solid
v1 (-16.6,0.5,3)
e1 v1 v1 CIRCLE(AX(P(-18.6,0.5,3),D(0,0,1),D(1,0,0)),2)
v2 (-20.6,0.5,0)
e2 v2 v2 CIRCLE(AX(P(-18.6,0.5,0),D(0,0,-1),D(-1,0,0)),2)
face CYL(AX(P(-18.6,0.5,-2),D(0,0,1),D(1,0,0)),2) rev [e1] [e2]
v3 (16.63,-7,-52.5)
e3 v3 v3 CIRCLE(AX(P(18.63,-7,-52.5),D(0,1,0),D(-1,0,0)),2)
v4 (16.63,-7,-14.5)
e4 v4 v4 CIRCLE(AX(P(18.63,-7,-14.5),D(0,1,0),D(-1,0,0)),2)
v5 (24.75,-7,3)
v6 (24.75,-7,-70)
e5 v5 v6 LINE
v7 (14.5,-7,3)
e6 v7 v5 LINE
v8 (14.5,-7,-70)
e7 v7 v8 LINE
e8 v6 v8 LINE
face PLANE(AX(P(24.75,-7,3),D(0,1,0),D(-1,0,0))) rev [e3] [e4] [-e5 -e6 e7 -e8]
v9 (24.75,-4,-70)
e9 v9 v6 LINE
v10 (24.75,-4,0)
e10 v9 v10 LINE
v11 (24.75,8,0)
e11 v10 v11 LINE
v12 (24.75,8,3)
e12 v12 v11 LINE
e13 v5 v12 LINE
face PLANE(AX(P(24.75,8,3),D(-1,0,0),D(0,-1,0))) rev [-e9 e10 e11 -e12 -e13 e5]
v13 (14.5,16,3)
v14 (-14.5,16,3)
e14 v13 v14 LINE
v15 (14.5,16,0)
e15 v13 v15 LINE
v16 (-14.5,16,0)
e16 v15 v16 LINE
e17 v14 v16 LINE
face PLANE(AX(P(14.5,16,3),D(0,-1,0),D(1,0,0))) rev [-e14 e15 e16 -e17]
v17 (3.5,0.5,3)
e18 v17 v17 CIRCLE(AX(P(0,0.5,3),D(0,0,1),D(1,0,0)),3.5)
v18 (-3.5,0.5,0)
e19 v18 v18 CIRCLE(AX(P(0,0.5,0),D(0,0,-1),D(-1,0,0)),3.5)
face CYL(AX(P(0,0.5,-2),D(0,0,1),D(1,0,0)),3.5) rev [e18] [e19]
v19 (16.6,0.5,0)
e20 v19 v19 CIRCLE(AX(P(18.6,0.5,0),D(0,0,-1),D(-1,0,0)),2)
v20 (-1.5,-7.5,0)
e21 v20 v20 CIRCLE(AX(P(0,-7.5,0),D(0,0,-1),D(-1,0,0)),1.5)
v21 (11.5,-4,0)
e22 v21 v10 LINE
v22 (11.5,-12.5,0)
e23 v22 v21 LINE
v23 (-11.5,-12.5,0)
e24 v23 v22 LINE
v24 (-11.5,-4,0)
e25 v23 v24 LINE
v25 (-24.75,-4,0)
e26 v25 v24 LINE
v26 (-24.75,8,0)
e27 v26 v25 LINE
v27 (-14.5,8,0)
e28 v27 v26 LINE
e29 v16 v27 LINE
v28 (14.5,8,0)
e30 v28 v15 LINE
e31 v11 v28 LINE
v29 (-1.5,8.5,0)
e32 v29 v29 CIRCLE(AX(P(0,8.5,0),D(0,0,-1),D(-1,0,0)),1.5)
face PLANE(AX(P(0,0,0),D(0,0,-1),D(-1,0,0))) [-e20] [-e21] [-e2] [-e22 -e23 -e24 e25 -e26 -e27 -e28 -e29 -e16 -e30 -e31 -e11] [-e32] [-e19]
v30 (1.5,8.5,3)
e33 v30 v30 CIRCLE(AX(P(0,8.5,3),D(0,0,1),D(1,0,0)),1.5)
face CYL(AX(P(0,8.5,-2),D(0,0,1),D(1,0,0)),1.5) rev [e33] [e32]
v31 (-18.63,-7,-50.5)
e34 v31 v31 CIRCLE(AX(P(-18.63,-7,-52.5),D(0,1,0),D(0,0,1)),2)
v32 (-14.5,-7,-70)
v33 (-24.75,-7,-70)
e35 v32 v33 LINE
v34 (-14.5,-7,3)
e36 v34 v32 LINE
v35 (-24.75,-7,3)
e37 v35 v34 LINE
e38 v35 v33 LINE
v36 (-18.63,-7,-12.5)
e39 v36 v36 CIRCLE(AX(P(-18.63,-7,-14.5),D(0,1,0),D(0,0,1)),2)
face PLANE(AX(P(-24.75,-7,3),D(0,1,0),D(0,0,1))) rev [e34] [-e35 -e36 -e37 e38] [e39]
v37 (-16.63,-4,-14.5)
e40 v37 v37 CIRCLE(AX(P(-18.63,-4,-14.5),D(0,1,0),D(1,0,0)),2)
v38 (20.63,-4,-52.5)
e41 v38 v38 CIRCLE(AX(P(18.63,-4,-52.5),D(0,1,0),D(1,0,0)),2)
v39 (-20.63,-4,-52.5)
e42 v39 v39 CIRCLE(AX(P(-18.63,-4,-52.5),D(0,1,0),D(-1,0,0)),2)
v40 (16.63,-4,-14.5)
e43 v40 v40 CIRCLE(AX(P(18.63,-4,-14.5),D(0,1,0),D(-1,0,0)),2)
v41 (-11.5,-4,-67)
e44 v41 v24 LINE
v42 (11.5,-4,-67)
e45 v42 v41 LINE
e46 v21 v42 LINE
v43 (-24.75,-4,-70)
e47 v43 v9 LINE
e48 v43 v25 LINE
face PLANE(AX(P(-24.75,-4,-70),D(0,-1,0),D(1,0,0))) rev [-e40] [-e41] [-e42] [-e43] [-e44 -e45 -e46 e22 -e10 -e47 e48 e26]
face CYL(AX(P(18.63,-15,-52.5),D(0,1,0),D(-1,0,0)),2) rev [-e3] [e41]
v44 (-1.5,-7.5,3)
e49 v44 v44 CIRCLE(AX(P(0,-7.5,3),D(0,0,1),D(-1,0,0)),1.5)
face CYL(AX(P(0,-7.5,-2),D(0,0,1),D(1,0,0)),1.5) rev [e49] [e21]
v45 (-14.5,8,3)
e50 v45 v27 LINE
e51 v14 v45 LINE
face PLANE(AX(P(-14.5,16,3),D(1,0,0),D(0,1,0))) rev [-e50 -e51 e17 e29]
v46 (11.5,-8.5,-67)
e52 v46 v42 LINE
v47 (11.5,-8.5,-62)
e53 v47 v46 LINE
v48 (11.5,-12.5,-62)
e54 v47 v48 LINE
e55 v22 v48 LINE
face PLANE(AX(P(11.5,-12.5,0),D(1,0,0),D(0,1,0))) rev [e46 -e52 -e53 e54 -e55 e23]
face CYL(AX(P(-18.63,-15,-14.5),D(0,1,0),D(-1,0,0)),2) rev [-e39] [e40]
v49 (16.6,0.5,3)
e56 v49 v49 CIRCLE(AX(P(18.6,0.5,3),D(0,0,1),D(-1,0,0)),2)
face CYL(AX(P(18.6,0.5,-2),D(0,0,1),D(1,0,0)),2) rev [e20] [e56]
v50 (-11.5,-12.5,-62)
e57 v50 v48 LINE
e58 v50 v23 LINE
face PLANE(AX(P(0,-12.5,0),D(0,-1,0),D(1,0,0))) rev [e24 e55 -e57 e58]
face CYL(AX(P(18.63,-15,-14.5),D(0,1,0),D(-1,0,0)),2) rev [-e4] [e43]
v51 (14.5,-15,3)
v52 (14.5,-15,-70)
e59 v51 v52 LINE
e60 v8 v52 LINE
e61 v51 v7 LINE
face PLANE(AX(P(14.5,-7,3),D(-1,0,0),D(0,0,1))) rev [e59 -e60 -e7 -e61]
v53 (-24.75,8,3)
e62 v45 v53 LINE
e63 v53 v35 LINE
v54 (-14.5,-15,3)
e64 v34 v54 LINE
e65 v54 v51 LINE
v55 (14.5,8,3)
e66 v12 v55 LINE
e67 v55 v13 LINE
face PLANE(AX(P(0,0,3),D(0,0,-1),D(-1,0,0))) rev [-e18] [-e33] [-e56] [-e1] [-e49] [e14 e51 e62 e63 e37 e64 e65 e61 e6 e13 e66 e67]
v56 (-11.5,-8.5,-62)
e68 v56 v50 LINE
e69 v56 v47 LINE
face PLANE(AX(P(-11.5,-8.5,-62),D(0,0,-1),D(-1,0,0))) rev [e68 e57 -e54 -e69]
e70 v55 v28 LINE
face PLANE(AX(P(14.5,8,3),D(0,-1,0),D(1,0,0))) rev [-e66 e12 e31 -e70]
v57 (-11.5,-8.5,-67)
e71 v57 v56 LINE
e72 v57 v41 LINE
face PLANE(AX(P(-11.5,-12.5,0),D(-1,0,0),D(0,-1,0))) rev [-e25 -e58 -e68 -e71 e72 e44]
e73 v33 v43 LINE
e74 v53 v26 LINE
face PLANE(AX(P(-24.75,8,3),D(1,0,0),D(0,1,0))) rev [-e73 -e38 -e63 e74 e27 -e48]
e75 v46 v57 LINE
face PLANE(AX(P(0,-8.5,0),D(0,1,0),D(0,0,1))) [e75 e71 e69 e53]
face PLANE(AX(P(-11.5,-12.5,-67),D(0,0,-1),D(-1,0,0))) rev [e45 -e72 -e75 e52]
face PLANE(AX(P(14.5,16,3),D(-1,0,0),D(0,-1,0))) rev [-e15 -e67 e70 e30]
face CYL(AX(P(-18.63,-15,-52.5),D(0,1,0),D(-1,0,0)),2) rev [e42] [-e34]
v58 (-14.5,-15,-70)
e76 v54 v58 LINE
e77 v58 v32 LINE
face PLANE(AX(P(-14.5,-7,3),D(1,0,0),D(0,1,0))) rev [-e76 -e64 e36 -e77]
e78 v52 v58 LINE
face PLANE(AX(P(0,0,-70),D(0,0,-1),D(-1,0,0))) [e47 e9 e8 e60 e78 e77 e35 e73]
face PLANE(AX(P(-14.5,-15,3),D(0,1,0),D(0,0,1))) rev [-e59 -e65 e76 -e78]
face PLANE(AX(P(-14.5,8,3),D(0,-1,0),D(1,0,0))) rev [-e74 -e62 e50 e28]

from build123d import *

# Parameters (mm, degrees)
SALIENTE_EXTRUIR2_DEPTH = 3
SALIENTE_EXTRUIR3_DEPTH = 70
CROQUIS_HUECO_MOTOR_W   = 23
CROQUIS_HUECO_MOTOR_H   = 67
HUECO_MOTOR_DEPTH       = 8.5
CROQUIS10_R             = 3.5
CROQUIS10_R_2           = 2
CROQUIS10_R_3           = 1.5
TORNILLO_Y_MOTOR_DEPTH  = 5
CROQUIS12_W             = 23
CROQUIS12_H             = 5
SALIENTE_EXTRUIR5_DEPTH = 4
CROQUIS16_R             = 2
CORTAR_EXTRUIR4_DEPTH   = 77.893188905


with BuildPart() as part:
    # Croquis4 → Saliente-Extruir2 (new body)
    with BuildSketch(Plane.XY):
        Polygon((14.5, 16), (-14.5, 16), (-14.5, 8), (-24.75, 8), (-24.75, -7), (-14.5, -7), (-14.5, -15), (14.5, -15), (14.5, -7), (24.75, -7), (24.75, 8), (14.5, 8), align=None)
    extrude(amount=SALIENTE_EXTRUIR2_DEPTH)

    # Croquis5 → Saliente-Extruir3 (add)
    with BuildSketch(Plane(origin=(0, 0, 0), x_dir=(-1, 0, 0), z_dir=(0, 0, -1))):
        Polygon((-24.75, -4), (-24.75, -7), (-14.5, -7), (-14.5, -15), (14.5, -15), (14.5, -7), (24.75, -7), (24.75, -4), align=None)
    extrude(amount=SALIENTE_EXTRUIR3_DEPTH)

    # croquis hueco motor → hueco motor (cut)
    with BuildSketch(Plane(origin=(0, -4, 0), x_dir=(1, 0, 0), z_dir=(0, 1, 0))):
        with Locations((0, 33.5)):
            Rectangle(CROQUIS_HUECO_MOTOR_W, CROQUIS_HUECO_MOTOR_H)
    extrude(amount=-HUECO_MOTOR_DEPTH, mode=Mode.SUBTRACT)

    # Croquis10 → tornillo y motor (cut)
    with BuildSketch(Plane.XY.offset(3)):
        with Locations((0, 0.5)):
            Circle(CROQUIS10_R)
        with Locations((-18.6, 0.5)):
            Circle(CROQUIS10_R_2)
        with Locations(Location((18.6, 0.5, 0), (0, 0, 180))):
            Circle(CROQUIS10_R_2)
        with Locations((0, 8.5)):
            Circle(CROQUIS10_R_3)
        with Locations(Location((0, -7.5, 0), (0, 0, 180))):
            Circle(CROQUIS10_R_3)
    extrude(amount=-TORNILLO_Y_MOTOR_DEPTH, mode=Mode.SUBTRACT)

    # Croquis12 → Saliente-Extruir5 (add)
    with BuildSketch(Plane(origin=(0, -12.5, 0), x_dir=(1, 0, 0), z_dir=(0, 1, 0))):
        with Locations((0, 64.5)):
            Rectangle(CROQUIS12_W, CROQUIS12_H)
    extrude(amount=SALIENTE_EXTRUIR5_DEPTH)

    # Croquis16 → Cortar-Extruir4 (cut, through all)
    with BuildSketch(Plane(origin=(0, -4, 0), x_dir=(1, 0, 0), z_dir=(0, 1, 0))):
        with Locations(Location((-18.63, 52.5, 0), (0, 0, 180))):
            Circle(CROQUIS16_R)
        with Locations(Location((-18.63, 14.5, 0), (0, 0, 270))):
            Circle(CROQUIS16_R)
        with Locations(Location((18.63, 14.5, 0), (0, 0, 180))):
            Circle(CROQUIS16_R)
        with Locations(Location((18.63, 52.5, 0), (0, 0, 180))):
            Circle(CROQUIS16_R)
    extrude(amount=-CORTAR_EXTRUIR4_DEPTH, mode=Mode.SUBTRACT)


solid = part.part
